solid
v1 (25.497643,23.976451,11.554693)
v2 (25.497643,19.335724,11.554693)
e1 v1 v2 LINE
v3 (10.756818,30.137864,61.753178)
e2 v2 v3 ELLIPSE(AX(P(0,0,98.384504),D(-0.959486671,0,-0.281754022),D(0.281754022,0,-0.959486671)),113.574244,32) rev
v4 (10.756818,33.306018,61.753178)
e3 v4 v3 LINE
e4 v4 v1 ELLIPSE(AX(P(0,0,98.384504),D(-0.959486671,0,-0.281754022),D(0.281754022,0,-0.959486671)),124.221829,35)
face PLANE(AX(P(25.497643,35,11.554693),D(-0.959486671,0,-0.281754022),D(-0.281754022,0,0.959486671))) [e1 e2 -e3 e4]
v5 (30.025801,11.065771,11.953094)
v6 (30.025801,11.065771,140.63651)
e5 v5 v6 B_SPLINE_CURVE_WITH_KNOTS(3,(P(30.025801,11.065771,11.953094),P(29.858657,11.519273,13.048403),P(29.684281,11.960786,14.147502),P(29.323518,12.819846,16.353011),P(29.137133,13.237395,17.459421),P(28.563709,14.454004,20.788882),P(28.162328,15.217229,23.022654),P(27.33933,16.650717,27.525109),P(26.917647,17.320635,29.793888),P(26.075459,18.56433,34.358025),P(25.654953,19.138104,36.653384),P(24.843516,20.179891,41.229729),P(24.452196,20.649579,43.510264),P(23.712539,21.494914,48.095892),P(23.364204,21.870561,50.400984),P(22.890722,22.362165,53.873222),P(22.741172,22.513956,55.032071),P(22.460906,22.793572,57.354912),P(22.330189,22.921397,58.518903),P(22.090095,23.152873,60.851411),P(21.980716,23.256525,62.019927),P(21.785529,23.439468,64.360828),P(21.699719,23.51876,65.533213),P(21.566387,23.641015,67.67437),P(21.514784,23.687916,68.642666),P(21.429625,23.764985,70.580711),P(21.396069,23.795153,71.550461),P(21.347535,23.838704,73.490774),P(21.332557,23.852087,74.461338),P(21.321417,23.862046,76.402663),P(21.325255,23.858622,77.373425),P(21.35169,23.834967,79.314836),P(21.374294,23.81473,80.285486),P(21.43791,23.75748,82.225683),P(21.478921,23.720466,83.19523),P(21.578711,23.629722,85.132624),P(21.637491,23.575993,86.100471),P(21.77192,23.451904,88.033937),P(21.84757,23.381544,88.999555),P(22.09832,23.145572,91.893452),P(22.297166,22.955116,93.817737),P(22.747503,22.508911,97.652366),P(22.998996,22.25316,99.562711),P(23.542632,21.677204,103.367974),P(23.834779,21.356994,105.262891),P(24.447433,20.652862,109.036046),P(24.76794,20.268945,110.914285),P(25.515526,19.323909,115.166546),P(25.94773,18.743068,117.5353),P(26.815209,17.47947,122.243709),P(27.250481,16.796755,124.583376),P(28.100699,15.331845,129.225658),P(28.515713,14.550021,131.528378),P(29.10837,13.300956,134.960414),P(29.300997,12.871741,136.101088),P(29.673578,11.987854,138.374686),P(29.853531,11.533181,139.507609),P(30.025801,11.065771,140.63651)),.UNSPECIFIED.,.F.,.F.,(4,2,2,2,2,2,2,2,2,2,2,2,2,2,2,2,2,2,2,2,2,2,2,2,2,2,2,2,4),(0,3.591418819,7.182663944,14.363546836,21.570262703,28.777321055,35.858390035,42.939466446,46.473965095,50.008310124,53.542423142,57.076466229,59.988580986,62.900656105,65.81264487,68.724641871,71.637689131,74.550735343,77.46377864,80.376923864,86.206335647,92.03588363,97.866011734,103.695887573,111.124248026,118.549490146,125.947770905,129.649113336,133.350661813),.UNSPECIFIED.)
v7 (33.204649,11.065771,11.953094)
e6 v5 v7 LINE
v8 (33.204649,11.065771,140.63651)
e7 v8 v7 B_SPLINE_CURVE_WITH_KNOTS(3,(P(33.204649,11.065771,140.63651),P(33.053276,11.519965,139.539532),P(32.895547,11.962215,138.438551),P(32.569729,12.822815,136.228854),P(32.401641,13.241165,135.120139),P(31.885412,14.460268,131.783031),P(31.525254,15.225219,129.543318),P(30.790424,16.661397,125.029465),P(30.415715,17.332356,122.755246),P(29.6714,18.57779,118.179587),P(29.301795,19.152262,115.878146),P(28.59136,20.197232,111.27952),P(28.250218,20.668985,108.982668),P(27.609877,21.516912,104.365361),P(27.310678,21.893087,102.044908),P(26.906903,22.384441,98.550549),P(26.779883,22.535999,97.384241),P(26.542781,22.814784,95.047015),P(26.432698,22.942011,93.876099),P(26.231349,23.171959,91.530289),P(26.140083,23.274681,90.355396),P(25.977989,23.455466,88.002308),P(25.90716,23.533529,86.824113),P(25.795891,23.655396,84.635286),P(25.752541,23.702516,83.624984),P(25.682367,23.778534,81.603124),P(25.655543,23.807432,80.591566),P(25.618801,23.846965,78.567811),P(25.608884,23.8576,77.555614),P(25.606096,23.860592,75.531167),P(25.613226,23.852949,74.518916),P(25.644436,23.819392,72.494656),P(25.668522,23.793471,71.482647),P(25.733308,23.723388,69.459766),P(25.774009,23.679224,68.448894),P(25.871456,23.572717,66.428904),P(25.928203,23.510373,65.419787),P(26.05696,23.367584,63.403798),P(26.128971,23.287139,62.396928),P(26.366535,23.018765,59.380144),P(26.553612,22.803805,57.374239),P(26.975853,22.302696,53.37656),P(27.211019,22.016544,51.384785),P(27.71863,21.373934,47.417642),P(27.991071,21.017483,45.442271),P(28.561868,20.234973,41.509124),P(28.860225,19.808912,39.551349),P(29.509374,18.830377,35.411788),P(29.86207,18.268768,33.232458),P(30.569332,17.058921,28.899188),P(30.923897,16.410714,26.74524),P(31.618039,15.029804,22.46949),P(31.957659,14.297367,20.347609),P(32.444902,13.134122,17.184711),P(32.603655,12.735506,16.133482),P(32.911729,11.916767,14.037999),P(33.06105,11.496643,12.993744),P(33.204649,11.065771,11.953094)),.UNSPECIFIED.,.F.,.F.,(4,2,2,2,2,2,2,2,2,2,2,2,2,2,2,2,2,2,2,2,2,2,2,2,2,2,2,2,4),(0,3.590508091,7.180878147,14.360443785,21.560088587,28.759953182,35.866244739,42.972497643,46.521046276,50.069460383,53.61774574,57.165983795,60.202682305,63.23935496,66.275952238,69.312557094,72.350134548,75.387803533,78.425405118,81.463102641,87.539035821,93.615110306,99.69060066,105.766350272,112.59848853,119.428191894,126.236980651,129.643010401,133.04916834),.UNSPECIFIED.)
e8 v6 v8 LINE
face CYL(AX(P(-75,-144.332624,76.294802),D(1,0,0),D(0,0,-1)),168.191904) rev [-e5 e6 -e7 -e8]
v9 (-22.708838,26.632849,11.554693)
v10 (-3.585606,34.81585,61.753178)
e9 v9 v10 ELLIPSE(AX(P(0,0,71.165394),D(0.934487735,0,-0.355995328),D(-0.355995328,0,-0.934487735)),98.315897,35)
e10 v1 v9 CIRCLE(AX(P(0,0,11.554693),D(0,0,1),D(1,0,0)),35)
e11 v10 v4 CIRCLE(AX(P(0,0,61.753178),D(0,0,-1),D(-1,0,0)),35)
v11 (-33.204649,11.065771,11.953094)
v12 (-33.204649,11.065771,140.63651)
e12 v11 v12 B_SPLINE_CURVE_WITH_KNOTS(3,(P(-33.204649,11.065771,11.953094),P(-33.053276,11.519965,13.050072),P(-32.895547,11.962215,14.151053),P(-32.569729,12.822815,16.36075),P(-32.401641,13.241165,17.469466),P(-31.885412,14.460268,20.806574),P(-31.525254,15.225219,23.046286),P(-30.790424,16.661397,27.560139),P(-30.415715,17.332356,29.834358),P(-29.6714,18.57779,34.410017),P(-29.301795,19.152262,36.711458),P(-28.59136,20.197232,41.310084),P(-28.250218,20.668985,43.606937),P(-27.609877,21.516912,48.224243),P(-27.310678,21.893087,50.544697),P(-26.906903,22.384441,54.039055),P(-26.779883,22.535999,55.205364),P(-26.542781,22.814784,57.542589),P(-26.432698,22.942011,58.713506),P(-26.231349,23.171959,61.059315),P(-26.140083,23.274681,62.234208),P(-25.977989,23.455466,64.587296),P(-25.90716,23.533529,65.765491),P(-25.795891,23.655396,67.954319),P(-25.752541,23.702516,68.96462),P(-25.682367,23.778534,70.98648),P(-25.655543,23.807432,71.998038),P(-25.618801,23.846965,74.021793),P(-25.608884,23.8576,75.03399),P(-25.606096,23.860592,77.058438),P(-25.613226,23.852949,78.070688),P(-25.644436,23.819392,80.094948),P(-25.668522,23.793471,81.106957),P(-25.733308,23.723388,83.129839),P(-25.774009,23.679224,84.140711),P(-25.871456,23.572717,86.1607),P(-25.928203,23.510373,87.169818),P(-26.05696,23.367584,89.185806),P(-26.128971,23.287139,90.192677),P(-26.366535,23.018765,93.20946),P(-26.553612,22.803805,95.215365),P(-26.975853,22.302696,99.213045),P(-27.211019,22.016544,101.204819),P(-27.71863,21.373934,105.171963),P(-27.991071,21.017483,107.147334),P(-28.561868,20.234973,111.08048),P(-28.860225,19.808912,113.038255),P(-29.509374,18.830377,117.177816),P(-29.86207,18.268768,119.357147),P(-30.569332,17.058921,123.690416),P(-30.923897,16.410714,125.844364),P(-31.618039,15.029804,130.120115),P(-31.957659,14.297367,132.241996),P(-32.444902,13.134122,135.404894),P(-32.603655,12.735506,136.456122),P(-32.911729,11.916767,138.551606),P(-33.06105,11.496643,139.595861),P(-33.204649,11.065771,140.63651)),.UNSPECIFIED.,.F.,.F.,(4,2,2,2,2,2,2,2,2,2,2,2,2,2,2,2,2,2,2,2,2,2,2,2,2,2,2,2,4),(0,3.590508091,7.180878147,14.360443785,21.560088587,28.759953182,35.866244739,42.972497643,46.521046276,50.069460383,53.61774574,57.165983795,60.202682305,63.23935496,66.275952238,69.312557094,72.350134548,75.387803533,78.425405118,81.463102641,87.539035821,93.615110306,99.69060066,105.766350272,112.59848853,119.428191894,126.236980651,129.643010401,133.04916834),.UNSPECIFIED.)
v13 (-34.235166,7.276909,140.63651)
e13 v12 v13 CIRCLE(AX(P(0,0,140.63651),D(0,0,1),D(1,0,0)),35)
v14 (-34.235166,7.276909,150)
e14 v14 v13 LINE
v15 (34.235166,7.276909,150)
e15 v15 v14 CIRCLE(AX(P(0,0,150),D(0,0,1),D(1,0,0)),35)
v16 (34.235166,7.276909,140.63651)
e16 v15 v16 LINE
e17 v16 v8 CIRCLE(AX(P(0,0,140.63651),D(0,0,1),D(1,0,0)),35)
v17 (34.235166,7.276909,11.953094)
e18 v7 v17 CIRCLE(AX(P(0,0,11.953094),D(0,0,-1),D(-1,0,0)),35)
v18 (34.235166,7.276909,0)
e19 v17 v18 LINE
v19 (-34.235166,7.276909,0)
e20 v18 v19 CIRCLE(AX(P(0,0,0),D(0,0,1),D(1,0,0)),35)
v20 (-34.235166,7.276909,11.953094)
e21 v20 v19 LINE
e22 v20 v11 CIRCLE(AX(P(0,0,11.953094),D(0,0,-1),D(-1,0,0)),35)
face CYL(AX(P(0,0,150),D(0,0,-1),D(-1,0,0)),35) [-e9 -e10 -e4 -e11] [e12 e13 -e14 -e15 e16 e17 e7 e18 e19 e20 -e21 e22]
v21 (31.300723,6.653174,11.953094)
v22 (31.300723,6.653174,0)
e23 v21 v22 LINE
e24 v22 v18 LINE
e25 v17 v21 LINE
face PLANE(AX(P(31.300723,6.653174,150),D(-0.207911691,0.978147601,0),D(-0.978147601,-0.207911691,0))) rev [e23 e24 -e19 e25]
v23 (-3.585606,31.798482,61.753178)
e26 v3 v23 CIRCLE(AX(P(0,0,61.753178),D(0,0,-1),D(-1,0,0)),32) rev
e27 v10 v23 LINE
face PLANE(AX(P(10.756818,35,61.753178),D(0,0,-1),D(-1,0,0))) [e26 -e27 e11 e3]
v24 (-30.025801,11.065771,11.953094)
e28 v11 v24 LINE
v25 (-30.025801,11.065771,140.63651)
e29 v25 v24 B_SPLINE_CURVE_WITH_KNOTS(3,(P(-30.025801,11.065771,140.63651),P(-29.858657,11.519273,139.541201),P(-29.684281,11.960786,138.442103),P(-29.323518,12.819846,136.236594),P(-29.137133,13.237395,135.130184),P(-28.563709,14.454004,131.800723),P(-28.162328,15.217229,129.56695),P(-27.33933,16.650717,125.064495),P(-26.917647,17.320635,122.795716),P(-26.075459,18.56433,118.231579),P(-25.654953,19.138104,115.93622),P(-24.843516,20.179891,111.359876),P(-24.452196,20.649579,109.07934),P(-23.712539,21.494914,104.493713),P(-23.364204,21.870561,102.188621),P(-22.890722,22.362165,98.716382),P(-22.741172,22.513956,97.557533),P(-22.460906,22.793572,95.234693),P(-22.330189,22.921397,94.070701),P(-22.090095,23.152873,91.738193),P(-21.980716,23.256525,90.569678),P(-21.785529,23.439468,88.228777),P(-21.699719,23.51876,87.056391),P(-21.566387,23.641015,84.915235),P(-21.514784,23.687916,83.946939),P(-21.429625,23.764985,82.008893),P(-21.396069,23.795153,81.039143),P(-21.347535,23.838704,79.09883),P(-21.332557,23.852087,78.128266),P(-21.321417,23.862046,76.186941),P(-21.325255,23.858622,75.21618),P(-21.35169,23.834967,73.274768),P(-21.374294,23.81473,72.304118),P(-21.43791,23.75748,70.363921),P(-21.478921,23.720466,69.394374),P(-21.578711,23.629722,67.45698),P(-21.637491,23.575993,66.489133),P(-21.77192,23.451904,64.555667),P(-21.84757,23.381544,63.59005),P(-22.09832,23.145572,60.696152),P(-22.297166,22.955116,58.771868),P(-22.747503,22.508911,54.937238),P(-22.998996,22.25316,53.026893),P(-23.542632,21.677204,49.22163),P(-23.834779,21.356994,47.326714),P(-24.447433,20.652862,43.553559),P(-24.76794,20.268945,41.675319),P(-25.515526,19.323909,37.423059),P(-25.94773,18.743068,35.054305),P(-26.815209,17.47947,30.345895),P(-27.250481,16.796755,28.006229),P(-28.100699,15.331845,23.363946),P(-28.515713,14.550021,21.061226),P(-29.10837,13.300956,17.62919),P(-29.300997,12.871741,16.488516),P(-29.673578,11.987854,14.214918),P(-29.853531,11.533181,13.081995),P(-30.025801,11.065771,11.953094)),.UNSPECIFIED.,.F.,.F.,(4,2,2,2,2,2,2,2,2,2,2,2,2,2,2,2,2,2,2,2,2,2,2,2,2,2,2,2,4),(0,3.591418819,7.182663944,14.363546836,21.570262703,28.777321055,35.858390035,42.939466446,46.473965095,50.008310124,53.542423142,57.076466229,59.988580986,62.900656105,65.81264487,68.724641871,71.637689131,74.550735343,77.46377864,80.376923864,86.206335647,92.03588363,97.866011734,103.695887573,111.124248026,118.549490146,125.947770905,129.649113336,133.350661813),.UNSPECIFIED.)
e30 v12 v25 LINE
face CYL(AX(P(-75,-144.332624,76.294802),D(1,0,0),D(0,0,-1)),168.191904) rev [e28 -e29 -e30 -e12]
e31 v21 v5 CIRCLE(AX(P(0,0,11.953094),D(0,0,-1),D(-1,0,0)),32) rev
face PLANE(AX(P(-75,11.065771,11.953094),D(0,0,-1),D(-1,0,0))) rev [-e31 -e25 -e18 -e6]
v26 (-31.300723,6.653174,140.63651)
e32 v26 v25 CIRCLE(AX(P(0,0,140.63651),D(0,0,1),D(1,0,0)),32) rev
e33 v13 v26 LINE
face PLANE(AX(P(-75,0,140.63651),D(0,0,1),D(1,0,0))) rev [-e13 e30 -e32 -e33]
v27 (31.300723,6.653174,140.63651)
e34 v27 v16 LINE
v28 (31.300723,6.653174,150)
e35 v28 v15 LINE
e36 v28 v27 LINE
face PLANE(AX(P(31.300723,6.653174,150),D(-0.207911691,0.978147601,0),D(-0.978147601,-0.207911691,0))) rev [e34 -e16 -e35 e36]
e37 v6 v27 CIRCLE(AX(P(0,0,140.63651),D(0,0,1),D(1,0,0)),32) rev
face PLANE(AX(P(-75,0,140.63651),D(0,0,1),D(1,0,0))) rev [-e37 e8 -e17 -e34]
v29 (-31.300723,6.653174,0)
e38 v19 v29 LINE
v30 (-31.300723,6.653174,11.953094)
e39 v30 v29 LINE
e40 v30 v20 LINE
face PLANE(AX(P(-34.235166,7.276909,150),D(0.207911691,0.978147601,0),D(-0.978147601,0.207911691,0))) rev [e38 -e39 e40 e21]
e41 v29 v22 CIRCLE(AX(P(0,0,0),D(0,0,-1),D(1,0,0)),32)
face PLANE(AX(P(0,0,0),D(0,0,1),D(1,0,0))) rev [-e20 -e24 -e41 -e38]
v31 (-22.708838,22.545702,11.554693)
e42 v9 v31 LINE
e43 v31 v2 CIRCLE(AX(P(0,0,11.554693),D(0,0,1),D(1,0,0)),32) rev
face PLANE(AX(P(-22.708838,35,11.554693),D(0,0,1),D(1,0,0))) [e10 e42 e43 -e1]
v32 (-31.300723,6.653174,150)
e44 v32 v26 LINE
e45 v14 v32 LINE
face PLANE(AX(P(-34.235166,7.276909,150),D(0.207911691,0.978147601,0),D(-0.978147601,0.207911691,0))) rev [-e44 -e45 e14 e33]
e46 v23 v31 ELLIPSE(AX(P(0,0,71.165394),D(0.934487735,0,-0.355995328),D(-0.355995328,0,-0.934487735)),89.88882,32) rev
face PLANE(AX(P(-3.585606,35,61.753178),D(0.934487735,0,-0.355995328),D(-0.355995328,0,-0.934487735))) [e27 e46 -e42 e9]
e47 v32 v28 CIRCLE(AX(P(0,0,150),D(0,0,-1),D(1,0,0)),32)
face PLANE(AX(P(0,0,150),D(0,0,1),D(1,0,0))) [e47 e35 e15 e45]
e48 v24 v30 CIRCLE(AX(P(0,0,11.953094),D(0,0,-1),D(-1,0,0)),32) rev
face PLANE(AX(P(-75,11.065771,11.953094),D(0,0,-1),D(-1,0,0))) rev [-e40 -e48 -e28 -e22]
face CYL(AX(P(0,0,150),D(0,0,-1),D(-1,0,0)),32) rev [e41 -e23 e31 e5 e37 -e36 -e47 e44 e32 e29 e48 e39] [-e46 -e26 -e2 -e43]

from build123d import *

# Parameters (mm, degrees)
SALIENTE_EXTRUIR1_DEPTH = 150
CORTAR_EXTRUIR1_DEPTH   = 158.787979874
CORTAR_EXTRUIR2_DEPTH   = 75


with BuildPart() as part:
    # Croquis1 → Saliente-Extruir1 (new body)
    with BuildSketch(Plane.XY):
        with BuildLine():
            Line((-34.235166026, 7.276909179), (-31.300723223, 6.653174106))
            ThreePointArc((-31.300723223, 6.653174106), (0, 32), (31.300723223, 6.653174106))
            Line((31.300723223, 6.653174106), (34.235166026, 7.276909179))
            ThreePointArc((34.235166026, 7.276909179), (0, 35), (-34.235166026, 7.276909179))
        make_face()
    extrude(amount=SALIENTE_EXTRUIR1_DEPTH)

    # Croquis2 → Cortar-Extruir1 (cut, through all)
    with BuildSketch(Plane(origin=(0, 0, 0), x_dir=(1, 0, 0), z_dir=(0, 1, 0))):
        Polygon((-22.708838208, -11.554693253), (25.4976429, -11.554693253), (10.756818098, -61.753177712), (-3.585606033, -61.753177712), align=None)
    extrude(amount=CORTAR_EXTRUIR1_DEPTH, mode=Mode.SUBTRACT)

    # Croquis3 → Cortar-Extruir2 (cut, symmetric)
    with BuildSketch(Plane(origin=(0, 0, 0), x_dir=(0, 0, -1), z_dir=(1, 0, 0))):
        with BuildLine():
            Line((-11.953093924, 11.065770631), (-11.953093924, 0))
            Line((-11.953093924, 0), (-140.636510433, 0))
            Line((-140.636510433, 0), (-140.636510433, 11.065770631))
            ThreePointArc((-140.636510433, 11.065770631), (-76.294802179, 23.859279702), (-11.953093924, 11.065770631))
        make_face()
    extrude(amount=CORTAR_EXTRUIR2_DEPTH, both=True, mode=Mode.SUBTRACT)


solid = part.part
